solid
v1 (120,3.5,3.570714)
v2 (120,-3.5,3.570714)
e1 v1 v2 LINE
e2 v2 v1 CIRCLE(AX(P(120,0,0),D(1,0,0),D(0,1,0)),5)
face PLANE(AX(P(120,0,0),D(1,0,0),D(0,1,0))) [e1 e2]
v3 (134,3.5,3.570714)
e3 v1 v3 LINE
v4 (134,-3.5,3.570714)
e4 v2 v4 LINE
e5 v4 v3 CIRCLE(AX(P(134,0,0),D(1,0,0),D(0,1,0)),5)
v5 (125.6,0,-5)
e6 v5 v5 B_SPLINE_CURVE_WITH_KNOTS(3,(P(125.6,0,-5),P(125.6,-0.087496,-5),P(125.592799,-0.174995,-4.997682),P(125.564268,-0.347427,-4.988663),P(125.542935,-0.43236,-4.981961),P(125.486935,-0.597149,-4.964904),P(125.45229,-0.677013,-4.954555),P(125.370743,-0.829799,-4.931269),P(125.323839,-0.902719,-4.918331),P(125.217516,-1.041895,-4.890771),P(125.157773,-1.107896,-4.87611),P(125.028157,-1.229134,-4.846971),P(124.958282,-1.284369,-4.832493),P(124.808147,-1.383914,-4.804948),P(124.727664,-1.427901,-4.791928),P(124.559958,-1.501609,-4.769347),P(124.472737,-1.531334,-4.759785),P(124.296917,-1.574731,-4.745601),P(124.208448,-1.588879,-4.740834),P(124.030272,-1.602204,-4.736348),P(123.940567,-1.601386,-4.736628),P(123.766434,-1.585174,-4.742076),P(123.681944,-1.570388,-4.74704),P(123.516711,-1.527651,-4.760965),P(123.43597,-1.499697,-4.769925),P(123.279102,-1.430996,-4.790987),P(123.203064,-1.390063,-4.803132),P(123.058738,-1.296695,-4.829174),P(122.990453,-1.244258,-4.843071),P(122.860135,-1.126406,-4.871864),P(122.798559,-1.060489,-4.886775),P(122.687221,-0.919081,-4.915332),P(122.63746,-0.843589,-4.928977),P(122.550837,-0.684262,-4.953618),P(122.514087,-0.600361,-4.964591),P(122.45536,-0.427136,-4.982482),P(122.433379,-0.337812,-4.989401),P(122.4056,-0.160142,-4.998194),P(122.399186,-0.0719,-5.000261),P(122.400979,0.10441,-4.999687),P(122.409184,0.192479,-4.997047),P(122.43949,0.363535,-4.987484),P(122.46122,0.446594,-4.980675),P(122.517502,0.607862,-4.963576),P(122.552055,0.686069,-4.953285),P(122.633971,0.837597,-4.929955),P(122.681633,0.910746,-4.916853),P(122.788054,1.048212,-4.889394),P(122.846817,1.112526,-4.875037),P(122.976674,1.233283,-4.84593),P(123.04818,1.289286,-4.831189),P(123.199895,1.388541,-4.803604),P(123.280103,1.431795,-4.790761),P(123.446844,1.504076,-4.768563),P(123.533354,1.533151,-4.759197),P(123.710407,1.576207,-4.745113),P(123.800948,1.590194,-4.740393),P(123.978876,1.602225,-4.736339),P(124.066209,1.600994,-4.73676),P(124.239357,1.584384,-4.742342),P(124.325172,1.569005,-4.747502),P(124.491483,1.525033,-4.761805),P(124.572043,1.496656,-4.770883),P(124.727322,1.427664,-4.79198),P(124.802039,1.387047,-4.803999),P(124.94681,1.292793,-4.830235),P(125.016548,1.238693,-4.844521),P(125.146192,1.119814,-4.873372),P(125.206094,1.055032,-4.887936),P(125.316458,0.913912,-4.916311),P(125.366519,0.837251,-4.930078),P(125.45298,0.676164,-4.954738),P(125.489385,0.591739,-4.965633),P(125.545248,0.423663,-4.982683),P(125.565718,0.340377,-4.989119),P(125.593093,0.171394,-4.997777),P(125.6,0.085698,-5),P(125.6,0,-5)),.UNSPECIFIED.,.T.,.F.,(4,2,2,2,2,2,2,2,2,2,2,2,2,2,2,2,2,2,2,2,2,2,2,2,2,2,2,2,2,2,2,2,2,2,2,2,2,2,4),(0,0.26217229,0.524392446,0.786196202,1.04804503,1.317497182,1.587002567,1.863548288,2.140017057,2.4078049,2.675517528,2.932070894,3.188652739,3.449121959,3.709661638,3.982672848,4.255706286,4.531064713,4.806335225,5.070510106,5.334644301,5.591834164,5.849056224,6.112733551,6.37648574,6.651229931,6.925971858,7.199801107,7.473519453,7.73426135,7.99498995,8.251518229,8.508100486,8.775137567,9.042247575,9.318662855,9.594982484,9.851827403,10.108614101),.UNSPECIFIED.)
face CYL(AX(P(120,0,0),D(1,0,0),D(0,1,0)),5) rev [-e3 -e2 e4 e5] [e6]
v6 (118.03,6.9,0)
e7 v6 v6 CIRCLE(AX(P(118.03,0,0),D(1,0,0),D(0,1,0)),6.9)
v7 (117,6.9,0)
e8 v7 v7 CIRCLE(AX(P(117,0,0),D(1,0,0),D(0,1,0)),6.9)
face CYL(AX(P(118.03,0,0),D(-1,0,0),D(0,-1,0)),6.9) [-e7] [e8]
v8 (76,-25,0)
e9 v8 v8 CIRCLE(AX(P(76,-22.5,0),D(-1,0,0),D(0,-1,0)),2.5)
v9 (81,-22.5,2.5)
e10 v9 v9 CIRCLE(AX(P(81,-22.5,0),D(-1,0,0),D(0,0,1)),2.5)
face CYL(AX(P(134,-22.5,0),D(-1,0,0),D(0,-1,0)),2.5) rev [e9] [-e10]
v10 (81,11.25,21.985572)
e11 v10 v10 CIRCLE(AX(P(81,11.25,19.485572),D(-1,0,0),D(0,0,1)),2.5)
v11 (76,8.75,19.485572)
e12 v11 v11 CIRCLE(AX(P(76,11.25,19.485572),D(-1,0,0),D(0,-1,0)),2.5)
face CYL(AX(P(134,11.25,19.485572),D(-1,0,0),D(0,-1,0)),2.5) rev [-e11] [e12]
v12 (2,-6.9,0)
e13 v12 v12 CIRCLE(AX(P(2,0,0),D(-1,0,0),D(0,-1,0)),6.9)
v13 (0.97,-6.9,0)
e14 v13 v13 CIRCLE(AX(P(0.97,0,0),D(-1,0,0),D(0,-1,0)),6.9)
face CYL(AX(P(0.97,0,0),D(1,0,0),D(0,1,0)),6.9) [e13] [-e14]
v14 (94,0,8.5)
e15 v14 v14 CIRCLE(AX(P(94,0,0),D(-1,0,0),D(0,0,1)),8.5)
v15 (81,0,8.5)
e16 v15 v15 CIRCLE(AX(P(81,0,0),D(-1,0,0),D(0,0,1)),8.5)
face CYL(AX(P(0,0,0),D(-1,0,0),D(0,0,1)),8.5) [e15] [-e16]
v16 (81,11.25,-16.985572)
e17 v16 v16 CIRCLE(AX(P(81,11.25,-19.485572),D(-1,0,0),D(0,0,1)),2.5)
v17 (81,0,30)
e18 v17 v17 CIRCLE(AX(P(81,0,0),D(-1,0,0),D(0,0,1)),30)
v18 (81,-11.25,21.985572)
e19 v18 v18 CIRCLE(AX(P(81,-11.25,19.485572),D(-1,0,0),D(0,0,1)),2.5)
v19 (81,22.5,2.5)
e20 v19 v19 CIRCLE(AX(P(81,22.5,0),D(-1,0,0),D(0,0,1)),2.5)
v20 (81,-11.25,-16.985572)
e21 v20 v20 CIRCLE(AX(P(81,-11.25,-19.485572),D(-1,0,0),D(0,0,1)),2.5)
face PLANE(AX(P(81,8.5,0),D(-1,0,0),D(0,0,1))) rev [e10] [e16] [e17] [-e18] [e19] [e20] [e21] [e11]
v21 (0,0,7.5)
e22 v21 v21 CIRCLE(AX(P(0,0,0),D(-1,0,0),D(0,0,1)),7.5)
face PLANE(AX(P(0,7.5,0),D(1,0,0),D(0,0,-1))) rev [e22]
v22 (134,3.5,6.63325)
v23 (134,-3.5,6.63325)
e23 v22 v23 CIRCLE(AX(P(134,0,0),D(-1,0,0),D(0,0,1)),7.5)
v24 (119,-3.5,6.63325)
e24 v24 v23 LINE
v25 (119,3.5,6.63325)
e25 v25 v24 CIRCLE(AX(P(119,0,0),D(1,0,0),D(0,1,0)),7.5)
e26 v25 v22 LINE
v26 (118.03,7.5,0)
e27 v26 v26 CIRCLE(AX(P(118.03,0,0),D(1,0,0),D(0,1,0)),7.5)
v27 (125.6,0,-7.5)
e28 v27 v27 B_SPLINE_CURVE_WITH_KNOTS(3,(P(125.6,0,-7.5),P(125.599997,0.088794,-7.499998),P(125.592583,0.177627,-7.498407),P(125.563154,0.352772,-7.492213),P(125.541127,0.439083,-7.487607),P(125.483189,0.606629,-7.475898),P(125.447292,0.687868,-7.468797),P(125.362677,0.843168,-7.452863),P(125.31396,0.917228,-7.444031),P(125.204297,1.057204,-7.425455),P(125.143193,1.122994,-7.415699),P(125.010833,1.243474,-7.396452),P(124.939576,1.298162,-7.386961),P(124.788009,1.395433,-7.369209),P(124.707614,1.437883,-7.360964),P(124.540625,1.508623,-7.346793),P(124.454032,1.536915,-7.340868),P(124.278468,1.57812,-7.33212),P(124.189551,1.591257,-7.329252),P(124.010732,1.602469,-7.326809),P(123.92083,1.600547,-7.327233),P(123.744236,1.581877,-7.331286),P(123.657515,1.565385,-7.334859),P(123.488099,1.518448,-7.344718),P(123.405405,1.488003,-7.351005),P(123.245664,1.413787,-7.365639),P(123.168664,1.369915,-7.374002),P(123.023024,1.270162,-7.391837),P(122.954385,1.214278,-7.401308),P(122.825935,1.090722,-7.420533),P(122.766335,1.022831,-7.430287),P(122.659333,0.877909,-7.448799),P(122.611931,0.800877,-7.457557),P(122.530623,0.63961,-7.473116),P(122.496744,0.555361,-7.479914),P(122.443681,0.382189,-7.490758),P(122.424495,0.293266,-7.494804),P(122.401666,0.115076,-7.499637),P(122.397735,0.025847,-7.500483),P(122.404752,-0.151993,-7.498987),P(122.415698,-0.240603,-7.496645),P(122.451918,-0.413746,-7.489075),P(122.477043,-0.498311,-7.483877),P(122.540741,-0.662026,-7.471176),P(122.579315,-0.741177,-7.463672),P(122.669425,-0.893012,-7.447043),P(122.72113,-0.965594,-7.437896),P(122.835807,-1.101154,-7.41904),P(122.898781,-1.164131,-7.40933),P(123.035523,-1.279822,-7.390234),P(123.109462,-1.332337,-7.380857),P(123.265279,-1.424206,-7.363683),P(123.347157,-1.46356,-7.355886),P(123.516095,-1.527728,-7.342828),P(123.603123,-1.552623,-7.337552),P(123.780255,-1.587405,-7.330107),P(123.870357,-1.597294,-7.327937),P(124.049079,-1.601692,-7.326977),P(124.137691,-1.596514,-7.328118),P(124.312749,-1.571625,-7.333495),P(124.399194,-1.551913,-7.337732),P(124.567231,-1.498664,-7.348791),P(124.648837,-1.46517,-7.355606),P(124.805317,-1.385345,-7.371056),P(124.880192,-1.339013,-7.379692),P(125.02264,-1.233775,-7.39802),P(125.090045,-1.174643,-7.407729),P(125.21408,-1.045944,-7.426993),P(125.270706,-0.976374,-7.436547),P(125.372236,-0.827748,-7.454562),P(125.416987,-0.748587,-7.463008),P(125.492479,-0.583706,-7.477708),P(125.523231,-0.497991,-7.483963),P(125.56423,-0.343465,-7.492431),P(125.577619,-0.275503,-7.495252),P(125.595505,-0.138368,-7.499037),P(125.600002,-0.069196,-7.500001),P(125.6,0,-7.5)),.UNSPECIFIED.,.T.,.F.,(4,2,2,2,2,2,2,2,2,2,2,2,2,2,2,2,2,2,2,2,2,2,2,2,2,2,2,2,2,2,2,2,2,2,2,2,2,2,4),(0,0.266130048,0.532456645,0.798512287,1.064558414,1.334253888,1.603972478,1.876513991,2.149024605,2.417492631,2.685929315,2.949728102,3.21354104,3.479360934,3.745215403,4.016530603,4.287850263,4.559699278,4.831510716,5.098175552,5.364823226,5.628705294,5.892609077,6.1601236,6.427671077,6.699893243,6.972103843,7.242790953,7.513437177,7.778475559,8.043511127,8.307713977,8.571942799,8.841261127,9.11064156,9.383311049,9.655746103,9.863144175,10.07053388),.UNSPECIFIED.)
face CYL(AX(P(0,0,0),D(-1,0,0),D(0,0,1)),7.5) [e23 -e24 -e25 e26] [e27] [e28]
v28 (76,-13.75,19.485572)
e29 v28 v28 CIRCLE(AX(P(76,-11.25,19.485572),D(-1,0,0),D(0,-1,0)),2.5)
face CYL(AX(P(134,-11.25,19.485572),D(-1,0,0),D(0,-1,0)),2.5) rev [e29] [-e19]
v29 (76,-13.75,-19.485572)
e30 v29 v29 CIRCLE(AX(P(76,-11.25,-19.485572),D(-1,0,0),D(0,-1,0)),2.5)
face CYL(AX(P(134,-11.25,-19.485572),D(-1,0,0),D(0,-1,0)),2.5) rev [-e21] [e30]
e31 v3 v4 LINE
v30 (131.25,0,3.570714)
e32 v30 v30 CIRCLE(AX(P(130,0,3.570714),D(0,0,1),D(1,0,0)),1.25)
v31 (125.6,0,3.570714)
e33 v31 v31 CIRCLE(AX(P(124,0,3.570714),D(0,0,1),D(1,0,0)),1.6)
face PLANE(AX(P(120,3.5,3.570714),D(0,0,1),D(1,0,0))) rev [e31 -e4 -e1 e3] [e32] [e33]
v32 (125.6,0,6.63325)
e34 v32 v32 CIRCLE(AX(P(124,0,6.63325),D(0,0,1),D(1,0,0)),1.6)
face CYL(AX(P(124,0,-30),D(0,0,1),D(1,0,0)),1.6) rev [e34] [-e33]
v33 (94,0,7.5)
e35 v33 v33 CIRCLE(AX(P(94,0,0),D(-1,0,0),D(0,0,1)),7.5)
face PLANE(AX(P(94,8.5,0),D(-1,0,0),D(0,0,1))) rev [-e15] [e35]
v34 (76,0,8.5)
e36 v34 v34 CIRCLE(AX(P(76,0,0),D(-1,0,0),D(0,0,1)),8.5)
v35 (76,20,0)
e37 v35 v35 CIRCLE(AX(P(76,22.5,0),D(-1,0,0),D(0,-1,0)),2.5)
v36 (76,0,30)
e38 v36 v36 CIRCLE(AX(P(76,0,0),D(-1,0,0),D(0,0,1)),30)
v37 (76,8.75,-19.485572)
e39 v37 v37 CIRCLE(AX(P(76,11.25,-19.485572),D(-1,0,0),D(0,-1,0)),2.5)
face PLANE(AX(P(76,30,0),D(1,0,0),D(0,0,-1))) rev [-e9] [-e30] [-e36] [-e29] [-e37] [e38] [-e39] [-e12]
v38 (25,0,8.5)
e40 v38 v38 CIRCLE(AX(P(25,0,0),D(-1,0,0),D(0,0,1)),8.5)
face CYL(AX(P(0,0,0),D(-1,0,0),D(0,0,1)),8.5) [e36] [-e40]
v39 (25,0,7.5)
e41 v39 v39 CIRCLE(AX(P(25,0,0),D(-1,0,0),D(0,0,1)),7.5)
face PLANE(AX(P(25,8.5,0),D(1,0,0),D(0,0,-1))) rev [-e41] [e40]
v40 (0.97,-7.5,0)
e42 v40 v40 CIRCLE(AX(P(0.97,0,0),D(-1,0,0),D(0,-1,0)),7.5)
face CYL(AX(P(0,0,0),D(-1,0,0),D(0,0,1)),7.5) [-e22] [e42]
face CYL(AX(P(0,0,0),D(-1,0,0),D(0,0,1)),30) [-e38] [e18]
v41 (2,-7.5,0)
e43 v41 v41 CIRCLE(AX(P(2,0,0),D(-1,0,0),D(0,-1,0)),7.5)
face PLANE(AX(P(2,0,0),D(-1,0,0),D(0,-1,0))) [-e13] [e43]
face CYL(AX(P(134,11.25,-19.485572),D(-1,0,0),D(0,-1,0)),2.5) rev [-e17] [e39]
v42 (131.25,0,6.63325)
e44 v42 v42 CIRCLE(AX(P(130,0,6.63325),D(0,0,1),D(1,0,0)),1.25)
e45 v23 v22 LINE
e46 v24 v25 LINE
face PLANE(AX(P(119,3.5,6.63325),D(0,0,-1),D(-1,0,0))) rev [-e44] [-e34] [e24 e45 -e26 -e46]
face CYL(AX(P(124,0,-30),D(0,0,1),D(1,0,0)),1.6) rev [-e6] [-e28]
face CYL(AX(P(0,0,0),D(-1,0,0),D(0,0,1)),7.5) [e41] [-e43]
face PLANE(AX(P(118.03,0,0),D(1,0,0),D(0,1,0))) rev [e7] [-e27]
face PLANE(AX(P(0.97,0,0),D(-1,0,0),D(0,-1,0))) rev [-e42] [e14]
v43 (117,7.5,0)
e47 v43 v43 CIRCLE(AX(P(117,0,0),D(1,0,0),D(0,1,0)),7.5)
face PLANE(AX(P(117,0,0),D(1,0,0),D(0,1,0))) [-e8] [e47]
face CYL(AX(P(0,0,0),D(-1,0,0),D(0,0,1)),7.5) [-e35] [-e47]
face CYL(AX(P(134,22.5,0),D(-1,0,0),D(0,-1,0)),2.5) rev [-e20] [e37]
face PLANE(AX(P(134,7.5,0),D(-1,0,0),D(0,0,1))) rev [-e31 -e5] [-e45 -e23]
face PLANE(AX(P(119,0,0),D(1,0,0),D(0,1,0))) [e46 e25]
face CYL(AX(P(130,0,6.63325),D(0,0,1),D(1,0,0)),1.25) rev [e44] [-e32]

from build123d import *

# Parameters (mm, degrees)
SKETCH_2_R             = 2.5
CUT_EXTRUDE_1_DEPTH    = 88.040220588
CUT_EXTRUDE_2_DEPTH    = 14
CUT_EXTRUDE_START      = -15
CUT_EXTRUDE_3_DEPTH    = 15
SKETCH_5_R             = 1.6
CUT_EXTRUDE_4_DEPTH    = 143.119650207
HOLE_WIZARD_M3_1_D     = 2.5
HOLE_WIZARD_M3_1_DEPTH = 4
HOLE_WIZARD_M3_1_TIP   = 0.751075774
CUT_EXTRUDE_START_2    = 1.03
SKETCH_8_R             = 7.5
SKETCH_8_R_2           = 6.9
CUT_EXTRUDE_5_DEPTH    = 1.03
SKETCH_9_R             = 7.5
SKETCH_9_R_2           = 6.9
CUT_EXTRUDE_6_DEPTH    = 1.03


with BuildPart() as part:
    # 草图1 → 旋转1 (revolve)
    with BuildSketch(Plane.XY, mode=Mode.PRIVATE) as revolve_1_sk:
        Polygon((0, 0), (134, 0), (134, 7.5), (94, 7.5), (94, 8.5), (81, 8.5), (81, 30), (76, 30), (76, 8.5), (25, 8.5), (25, 7.5), (0, 7.5), align=None)
    revolve(revolve_1_sk.sketch.rotate(Axis((0, 0, 0), (1, 0, 0)), 90), axis=Axis((0, 0, 0), (1, 0, 0)))

    # 草图2 → 切除-拉伸1 (cut, through all)
    with BuildSketch(Plane.ZY.offset(-76)):
        with Locations(Location((0, 22.5, 0), (0, 0, 270))):
            Circle(SKETCH_2_R)
        with Locations(Location((19.485571585, 11.25, 0), (0, 0, 270))):
            Circle(SKETCH_2_R)
        with Locations(Location((19.485571585, -11.25, 0), (0, 0, 270))):
            Circle(SKETCH_2_R)
        with Locations(Location((0, -22.5, 0), (0, 0, 270))):
            Circle(SKETCH_2_R)
        with Locations(Location((-19.485571585, -11.25, 0), (0, 0, 270))):
            Circle(SKETCH_2_R)
        with Locations(Location((-19.485571585, 11.25, 0), (0, 0, 270))):
            Circle(SKETCH_2_R)
    extrude(amount=-CUT_EXTRUDE_1_DEPTH, mode=Mode.SUBTRACT)

    # 草图3 → 切除-拉伸2 (cut)
    with BuildSketch(Plane(origin=(134, 0, 0), x_dir=(0, 0, -1), z_dir=(1, 0, 0))):
        with BuildLine():
            Line((-3.570714214, 3.5), (-3.570714214, -3.5))
            ThreePointArc((-3.570714214, -3.5), (5, 0), (-3.570714214, 3.5))
        make_face()
    extrude(amount=-CUT_EXTRUDE_2_DEPTH, mode=Mode.SUBTRACT)

    # 草图4 → 切除-拉伸3 (cut)
    with BuildSketch(Plane(origin=(134, 0, 0), x_dir=(0, 0, -1), z_dir=(1, 0, 0)).offset(CUT_EXTRUDE_START)):
        with BuildLine():
            Line((-6.633249581, 3.5), (-6.633249581, -3.5))
            ThreePointArc((-6.633249581, -3.5), (-7.5, 0), (-6.633249581, 3.5))
        make_face()
    extrude(amount=CUT_EXTRUDE_3_DEPTH, mode=Mode.SUBTRACT)

    # 草图5 → 切除-拉伸4 (cut, through all)
    with BuildSketch(Plane.XY.offset(6.633249581)):
        with Locations((124, 0)):
            Circle(SKETCH_5_R)
    extrude(amount=-CUT_EXTRUDE_4_DEPTH, mode=Mode.SUBTRACT)

    # M3 螺纹孔1
    with Locations(Plane(origin=(130, 0, 6.633249581), x_dir=(1, 0, 0), z_dir=(0, 0, 1))):
        with Locations((0, 0)):
            Hole(HOLE_WIZARD_M3_1_D / 2, depth=HOLE_WIZARD_M3_1_DEPTH)
            with Locations((0, 0, -(HOLE_WIZARD_M3_1_DEPTH + HOLE_WIZARD_M3_1_TIP / 2))):  # 118° drill point
                Cone(0, HOLE_WIZARD_M3_1_D / 2, HOLE_WIZARD_M3_1_TIP, mode=Mode.SUBTRACT)

    # 草图8 → 切除-拉伸5 (cut)
    with BuildSketch(Plane.ZY.offset(-2).offset(CUT_EXTRUDE_START_2)):
        Circle(SKETCH_8_R)
        with Locations(Location((0, 0, 0), (0, 0, 270))):
            Circle(SKETCH_8_R_2, mode=Mode.SUBTRACT)
    extrude(amount=-CUT_EXTRUDE_5_DEPTH, mode=Mode.SUBTRACT)

    # 草图9 → 切除-拉伸6 (cut)
    with BuildSketch(Plane(origin=(117, 0, 0), x_dir=(0, 0, -1), z_dir=(1, 0, 0))):
        with Locations(Location((0, 0, 0), (0, 0, 180))):
            Circle(SKETCH_9_R)
        with Locations(Location((0, 0, 0), (0, 0, 270))):
            Circle(SKETCH_9_R_2, mode=Mode.SUBTRACT)
    extrude(amount=CUT_EXTRUDE_6_DEPTH, mode=Mode.SUBTRACT)


solid = part.part
